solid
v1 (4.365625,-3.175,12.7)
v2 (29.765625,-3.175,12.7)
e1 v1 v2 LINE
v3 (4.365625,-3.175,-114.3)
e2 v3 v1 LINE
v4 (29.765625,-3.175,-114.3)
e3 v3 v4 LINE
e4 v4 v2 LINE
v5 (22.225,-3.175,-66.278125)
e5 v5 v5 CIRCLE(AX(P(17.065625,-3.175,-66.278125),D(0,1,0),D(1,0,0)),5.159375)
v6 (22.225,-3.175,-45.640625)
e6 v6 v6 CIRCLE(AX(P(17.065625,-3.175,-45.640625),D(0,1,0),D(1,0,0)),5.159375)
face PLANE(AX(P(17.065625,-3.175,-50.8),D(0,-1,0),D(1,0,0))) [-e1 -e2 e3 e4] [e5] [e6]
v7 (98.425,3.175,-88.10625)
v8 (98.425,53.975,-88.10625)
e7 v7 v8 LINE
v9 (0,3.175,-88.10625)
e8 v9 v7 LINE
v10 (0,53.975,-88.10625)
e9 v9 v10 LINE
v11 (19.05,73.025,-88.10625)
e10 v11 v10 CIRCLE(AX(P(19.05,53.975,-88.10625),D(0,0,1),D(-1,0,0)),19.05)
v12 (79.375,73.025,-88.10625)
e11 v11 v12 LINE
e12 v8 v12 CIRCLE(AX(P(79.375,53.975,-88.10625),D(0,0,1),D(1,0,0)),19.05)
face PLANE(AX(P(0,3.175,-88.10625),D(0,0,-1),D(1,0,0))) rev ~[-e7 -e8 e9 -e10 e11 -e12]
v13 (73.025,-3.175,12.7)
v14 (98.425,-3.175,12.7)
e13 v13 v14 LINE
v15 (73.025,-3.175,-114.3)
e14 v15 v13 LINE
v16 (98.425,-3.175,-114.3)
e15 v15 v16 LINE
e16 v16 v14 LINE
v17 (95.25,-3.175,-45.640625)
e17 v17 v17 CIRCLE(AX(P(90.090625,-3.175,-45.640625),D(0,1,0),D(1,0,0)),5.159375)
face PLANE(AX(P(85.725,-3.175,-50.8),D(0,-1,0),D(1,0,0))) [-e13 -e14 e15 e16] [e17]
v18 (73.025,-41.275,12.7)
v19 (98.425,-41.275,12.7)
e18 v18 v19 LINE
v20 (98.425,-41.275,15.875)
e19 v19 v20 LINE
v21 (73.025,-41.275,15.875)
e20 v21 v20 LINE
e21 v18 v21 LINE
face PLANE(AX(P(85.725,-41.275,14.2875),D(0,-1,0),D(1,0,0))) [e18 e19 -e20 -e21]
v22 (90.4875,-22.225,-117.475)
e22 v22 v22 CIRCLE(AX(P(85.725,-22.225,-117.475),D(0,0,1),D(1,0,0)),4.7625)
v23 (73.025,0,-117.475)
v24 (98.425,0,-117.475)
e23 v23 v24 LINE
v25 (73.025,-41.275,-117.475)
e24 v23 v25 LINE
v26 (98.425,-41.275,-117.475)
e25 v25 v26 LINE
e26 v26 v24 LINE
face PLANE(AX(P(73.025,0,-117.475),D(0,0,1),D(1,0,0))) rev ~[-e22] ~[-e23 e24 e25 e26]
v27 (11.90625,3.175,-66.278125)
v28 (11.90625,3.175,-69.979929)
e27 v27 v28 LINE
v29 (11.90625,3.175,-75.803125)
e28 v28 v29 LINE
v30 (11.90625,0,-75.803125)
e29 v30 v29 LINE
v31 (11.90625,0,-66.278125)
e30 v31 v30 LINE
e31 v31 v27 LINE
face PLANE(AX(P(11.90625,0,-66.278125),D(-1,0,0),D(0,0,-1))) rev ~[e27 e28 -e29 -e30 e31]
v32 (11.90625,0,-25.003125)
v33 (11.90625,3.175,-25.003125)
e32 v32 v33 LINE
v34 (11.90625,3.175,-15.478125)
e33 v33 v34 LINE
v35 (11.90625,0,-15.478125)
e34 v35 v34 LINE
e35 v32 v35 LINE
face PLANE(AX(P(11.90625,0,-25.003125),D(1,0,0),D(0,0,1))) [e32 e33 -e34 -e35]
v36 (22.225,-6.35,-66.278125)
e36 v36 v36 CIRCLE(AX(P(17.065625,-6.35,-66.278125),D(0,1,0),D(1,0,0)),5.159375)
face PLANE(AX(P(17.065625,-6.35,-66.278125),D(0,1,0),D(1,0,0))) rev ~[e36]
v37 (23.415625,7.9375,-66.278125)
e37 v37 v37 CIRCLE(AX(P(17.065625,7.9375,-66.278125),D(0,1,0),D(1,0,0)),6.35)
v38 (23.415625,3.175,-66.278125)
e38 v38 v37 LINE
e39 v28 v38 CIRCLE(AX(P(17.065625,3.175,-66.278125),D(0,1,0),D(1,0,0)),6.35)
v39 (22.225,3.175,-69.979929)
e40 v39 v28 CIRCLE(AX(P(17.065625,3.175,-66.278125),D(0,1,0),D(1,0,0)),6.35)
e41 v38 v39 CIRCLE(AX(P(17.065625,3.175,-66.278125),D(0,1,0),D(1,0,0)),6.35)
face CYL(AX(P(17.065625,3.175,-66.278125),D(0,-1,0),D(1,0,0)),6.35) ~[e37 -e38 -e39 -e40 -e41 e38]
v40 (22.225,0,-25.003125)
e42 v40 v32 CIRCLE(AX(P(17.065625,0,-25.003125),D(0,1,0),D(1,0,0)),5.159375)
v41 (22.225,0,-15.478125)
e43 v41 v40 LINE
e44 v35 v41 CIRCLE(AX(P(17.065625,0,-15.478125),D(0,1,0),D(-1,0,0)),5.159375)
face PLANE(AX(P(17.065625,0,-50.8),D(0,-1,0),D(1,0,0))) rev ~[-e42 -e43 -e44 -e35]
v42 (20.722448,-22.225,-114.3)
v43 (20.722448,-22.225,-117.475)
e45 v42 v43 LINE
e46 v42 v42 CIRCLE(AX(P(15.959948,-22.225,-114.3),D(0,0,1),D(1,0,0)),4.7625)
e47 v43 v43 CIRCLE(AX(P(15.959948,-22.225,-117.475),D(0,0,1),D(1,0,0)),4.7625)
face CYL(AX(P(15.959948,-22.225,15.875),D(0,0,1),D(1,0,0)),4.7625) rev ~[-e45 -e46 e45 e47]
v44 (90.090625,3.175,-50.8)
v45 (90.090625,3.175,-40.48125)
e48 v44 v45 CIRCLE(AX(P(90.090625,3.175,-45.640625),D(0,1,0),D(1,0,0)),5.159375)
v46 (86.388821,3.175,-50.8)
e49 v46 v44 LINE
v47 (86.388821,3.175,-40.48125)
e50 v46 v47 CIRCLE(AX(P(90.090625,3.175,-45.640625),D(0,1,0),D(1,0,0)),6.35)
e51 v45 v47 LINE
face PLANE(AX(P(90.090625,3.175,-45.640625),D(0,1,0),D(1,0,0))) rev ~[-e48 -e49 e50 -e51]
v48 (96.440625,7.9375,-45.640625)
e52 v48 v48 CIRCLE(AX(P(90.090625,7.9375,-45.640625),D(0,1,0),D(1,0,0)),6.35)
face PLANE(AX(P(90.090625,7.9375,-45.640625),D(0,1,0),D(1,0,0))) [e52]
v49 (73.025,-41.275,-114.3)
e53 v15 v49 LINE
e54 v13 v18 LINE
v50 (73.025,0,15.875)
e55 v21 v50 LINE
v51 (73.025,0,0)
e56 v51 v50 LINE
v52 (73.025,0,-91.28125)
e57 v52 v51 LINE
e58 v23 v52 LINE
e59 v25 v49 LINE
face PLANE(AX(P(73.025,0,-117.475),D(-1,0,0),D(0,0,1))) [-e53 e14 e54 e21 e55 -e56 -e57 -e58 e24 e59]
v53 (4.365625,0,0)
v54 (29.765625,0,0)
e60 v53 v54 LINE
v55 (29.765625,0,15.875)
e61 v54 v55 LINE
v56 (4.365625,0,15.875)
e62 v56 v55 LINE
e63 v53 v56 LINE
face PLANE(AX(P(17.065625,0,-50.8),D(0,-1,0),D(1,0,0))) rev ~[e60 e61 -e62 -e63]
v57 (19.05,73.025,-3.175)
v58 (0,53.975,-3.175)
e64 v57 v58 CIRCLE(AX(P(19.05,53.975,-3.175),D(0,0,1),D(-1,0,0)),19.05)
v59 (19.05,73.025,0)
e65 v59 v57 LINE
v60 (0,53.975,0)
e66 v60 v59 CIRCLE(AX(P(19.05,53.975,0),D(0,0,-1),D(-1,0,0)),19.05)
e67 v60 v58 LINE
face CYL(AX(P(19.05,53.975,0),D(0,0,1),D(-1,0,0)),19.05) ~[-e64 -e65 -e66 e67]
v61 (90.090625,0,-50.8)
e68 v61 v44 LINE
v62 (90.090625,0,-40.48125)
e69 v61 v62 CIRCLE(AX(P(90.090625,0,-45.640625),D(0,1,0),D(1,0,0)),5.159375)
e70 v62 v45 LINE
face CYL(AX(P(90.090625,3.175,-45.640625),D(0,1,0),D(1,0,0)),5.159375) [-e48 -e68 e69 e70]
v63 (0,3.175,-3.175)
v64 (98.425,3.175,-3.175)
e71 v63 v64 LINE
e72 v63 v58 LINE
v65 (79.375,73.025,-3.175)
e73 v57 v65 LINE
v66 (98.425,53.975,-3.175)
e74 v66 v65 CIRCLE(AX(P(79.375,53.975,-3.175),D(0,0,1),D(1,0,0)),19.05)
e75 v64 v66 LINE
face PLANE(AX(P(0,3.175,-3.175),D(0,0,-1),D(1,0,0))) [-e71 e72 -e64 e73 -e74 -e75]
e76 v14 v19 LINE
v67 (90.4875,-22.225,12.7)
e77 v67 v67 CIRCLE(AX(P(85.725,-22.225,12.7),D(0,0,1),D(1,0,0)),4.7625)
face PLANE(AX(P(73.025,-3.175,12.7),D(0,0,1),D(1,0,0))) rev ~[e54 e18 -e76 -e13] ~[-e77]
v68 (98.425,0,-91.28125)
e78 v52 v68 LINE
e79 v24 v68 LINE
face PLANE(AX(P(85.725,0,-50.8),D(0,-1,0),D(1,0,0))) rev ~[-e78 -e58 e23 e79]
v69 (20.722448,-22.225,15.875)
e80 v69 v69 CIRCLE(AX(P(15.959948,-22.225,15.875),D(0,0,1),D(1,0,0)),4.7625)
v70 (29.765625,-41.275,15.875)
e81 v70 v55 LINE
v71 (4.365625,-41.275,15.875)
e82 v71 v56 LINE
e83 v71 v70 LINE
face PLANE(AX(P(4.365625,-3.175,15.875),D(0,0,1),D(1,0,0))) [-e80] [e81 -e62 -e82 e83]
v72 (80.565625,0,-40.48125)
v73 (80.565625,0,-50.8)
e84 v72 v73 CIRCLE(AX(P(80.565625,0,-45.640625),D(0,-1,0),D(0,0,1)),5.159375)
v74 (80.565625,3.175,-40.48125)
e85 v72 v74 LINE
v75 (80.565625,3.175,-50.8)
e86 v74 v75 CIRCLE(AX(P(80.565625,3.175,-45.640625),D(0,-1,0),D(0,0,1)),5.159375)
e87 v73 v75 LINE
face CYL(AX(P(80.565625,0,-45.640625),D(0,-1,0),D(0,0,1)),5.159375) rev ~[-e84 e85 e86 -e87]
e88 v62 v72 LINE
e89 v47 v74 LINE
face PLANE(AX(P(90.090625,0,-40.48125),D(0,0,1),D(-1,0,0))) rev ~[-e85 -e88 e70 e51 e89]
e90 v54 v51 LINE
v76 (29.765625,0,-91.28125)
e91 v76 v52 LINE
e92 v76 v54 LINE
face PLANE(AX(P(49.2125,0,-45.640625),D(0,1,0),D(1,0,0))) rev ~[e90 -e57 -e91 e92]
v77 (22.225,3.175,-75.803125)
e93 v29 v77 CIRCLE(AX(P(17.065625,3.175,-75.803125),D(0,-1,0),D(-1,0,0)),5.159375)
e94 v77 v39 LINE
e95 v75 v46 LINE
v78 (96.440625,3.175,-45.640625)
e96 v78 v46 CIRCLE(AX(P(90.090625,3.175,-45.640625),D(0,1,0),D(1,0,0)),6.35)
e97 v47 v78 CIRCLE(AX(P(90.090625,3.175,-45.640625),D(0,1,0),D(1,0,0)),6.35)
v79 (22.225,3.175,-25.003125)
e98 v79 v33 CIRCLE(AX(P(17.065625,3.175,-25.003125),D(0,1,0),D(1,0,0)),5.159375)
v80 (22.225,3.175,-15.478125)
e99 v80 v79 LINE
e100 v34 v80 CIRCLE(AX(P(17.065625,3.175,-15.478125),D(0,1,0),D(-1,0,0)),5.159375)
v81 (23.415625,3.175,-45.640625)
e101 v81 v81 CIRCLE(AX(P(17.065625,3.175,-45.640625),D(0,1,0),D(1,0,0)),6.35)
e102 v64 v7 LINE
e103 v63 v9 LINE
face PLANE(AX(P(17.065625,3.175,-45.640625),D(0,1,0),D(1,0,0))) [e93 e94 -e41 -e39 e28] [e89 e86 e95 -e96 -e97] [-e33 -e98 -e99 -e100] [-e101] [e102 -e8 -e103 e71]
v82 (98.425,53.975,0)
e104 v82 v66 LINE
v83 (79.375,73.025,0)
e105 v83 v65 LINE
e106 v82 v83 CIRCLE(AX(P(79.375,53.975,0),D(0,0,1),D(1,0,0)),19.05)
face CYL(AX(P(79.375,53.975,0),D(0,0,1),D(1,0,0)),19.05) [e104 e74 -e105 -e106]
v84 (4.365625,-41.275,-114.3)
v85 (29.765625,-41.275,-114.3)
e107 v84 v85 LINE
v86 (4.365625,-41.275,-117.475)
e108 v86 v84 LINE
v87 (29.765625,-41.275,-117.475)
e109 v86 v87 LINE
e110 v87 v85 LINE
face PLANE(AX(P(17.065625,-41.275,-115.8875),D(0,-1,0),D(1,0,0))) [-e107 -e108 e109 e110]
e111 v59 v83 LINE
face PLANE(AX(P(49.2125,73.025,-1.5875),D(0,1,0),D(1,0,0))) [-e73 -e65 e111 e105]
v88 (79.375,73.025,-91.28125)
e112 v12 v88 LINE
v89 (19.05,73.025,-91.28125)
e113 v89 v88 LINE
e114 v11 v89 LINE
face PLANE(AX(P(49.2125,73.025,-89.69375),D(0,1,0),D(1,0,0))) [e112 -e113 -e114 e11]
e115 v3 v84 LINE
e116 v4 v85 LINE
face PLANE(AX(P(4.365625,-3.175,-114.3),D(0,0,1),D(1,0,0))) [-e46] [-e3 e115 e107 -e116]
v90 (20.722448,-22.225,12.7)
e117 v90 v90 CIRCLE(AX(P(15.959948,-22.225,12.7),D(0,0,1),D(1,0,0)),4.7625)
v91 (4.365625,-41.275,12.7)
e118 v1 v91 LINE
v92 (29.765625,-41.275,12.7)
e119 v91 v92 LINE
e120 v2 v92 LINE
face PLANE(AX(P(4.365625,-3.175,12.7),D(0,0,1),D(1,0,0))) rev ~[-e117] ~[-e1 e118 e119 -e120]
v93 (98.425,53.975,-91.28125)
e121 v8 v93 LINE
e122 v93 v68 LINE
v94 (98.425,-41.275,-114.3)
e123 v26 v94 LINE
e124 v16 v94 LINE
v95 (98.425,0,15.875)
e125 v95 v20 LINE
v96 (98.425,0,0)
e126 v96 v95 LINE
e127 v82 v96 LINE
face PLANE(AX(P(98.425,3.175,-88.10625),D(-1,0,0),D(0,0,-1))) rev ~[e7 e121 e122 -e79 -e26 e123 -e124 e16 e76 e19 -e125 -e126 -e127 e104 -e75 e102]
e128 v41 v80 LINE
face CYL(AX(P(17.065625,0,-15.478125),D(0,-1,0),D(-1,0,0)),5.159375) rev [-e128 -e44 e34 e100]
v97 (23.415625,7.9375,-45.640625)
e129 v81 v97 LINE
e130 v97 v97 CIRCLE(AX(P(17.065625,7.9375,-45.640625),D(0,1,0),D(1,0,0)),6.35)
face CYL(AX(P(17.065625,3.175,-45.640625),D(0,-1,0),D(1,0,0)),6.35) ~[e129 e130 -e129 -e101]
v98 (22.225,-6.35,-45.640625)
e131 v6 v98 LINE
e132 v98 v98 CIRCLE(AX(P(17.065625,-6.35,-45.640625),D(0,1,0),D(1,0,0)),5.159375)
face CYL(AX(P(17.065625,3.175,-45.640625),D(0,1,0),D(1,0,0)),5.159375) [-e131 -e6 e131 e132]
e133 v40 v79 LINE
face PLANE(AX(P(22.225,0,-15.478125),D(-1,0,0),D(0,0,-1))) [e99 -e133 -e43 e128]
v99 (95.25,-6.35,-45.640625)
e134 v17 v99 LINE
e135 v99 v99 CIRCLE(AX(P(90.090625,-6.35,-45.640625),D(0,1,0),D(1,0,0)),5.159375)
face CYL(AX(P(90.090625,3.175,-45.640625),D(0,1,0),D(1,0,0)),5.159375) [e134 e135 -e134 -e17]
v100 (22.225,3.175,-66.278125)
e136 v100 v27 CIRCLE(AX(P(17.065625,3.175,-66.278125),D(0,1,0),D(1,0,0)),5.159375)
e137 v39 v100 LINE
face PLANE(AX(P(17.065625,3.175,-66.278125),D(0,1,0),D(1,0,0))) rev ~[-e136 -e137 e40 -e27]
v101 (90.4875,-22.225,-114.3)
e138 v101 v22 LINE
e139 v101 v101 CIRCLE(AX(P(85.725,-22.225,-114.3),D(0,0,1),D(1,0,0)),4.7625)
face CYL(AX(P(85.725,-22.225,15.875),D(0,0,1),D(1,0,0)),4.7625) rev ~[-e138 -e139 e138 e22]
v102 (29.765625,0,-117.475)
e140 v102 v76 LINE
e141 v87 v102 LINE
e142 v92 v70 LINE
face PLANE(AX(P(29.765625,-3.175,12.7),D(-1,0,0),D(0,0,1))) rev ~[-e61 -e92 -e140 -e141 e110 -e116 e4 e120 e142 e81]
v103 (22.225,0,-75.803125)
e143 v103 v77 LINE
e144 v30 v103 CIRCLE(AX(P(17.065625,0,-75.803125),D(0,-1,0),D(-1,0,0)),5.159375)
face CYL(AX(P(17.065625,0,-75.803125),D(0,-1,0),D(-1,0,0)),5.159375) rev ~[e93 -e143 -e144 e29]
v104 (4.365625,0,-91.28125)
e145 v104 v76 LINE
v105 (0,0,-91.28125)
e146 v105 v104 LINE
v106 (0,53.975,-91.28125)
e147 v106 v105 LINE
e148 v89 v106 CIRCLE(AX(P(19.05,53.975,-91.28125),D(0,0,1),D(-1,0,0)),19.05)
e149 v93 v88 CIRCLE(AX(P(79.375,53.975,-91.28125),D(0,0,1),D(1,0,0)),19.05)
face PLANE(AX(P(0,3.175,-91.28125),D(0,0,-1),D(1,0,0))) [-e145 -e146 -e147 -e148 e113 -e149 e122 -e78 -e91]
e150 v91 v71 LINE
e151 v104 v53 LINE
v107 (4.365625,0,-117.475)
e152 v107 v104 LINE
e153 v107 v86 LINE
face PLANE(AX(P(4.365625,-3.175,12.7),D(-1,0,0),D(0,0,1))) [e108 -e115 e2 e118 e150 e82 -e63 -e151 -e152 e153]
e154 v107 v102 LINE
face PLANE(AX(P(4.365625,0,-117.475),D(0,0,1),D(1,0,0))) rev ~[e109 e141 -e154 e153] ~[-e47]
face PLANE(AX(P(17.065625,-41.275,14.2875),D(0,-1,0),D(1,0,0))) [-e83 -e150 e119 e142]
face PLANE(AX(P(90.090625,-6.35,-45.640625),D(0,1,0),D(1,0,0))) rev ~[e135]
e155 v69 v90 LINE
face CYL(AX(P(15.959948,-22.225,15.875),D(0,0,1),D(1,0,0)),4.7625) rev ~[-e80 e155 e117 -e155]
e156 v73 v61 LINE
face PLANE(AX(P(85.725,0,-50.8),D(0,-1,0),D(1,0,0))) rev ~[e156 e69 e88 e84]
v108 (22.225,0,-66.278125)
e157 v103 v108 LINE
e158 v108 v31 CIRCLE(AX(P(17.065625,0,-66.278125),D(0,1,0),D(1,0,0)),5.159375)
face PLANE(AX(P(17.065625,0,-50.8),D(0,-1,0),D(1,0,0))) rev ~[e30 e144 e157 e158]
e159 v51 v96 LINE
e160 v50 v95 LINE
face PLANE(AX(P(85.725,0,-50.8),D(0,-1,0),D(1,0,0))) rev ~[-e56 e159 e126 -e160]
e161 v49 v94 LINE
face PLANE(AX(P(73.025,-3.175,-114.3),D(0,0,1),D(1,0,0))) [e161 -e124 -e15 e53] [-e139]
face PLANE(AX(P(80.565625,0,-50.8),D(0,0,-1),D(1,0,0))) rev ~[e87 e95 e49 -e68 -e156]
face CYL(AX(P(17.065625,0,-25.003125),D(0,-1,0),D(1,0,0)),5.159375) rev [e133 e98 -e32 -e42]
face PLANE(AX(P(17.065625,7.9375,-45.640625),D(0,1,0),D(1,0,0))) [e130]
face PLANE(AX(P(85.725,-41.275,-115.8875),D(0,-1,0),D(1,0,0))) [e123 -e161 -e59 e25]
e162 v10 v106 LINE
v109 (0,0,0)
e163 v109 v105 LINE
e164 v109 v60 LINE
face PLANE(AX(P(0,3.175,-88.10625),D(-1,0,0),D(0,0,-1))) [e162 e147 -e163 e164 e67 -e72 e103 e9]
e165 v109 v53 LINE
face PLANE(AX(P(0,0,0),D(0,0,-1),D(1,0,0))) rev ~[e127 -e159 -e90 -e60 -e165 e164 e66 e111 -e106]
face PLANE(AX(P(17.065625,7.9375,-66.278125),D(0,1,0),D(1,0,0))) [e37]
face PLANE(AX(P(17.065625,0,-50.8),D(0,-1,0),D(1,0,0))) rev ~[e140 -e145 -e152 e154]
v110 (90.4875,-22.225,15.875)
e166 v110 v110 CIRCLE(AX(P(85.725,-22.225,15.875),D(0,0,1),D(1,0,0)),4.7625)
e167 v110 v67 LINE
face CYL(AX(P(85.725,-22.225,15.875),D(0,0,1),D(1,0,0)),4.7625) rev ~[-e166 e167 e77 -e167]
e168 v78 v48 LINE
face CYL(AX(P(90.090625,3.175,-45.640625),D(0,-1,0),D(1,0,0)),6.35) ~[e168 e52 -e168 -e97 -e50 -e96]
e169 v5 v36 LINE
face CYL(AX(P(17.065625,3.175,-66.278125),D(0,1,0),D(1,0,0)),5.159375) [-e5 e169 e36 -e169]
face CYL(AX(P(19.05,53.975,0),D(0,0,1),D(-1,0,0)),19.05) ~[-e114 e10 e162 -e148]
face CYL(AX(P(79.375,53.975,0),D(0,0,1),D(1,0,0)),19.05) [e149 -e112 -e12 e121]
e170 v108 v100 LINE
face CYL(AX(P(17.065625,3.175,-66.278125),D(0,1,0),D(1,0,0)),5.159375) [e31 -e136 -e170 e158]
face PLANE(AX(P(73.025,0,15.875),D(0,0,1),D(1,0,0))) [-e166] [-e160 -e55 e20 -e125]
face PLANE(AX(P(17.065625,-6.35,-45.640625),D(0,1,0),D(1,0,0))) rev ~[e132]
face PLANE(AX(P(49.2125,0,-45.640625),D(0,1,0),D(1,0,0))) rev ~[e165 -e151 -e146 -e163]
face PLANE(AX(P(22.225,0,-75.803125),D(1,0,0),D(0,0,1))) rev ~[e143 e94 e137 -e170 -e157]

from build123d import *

# Parameters (mm, degrees)
SKETCH1_W               = 98.425
SKETCH1_H               = 91.28125
SKETCH1_R               = 5.159375
BOSS_EXTRUDE1_DEPTH     = 3.175
SKETCH2_W               = 25.4
SKETCH2_H               = 133.35
BOSS_EXTRUDE3_DEPTH     = 3.175
SKETCH3_W               = 25.4
SKETCH3_H               = 3.175
BOSS_EXTRUDE4_DEPTH     = 38.1
SKETCH4_R               = 4.7625
CUT_EXTRUDE1_DEPTH      = 134.35
SKETCH5_R               = 5.159375
BOSS_EXTRUDE5_DEPTH     = 9.525
SKETCH6_R               = 6.35
BOSS_EXTRUDE6_DEPTH     = 4.7625
SKETCH7_W               = 98.425
SKETCH7_H               = 3.175
BOSS_EXTRUDE7_DEPTH     = 69.85
CUT_EXTRUDE2_DEPTH      = 16.875
CUT_EXTRUDE2_DEPTH_BACK = 118.475


with BuildPart() as part:
    # Sketch1 → Boss-Extrude1 (new body)
    with BuildSketch(Plane(origin=(0, 0, 0), x_dir=(1, 0, 0), z_dir=(0, 1, 0))):
        with Locations((49.2125, 45.640625)):
            Rectangle(SKETCH1_W, SKETCH1_H)
        with Locations((17.065625, 45.640625)):
            Circle(SKETCH1_R, mode=Mode.SUBTRACT)
        with BuildLine():
            Line((11.90625, 66.278125), (11.90625, 75.803125))
            ThreePointArc((11.90625, 75.803125), (17.065625, 80.9625), (22.225, 75.803125))
            Line((22.225, 75.803125), (22.225, 66.278125))
            ThreePointArc((22.225, 66.278125), (17.065625, 61.11875), (11.90625, 66.278125))
        make_face(mode=Mode.SUBTRACT)
        with BuildLine():
            Line((11.90625, 25.003125), (11.90625, 15.478125))
            ThreePointArc((11.90625, 15.478125), (17.065625, 10.31875), (22.225, 15.478125))
            Line((22.225, 15.478125), (22.225, 25.003125))
            ThreePointArc((22.225, 25.003125), (17.065625, 30.1625), (11.90625, 25.003125))
        make_face(mode=Mode.SUBTRACT)
        with BuildLine():
            Line((80.565625, 50.8), (90.090625, 50.8))
            ThreePointArc((90.090625, 50.8), (95.25, 45.640625), (90.090625, 40.48125))
            Line((90.090625, 40.48125), (80.565625, 40.48125))
            ThreePointArc((80.565625, 40.48125), (75.40625, 45.640625), (80.565625, 50.8))
        make_face(mode=Mode.SUBTRACT)
    extrude(amount=BOSS_EXTRUDE1_DEPTH)

    # Sketch2 → Boss-Extrude3 (add)
    with BuildSketch(Plane.XZ):
        with Locations((17.065625, -50.8)):
            Rectangle(SKETCH2_W, SKETCH2_H)
        with Locations((85.725, -50.8)):
            Rectangle(SKETCH2_W, SKETCH2_H)
    extrude(amount=BOSS_EXTRUDE3_DEPTH)

    # Sketch3 → Boss-Extrude4 (add)
    with BuildSketch(Plane.XZ.offset(3.175)):
        with Locations((17.065625, 14.2875)):
            Rectangle(SKETCH3_W, SKETCH3_H)
        with Locations((17.065625, -115.8875)):
            Rectangle(SKETCH3_W, SKETCH3_H)
        with Locations((85.725, 14.2875)):
            Rectangle(SKETCH3_W, SKETCH3_H)
        with Locations((85.725, -115.8875)):
            Rectangle(SKETCH3_W, SKETCH3_H)
    extrude(amount=BOSS_EXTRUDE4_DEPTH)

    # Sketch4 → Cut-Extrude1 (cut, through all)
    with BuildSketch(Plane.XY.offset(15.875)):
        with Locations((15.95994836, -22.225)):
            Circle(SKETCH4_R)
        with Locations((85.725, -22.225)):
            Circle(SKETCH4_R)
    extrude(amount=-CUT_EXTRUDE1_DEPTH, mode=Mode.SUBTRACT)

    # Sketch5 → Boss-Extrude5 (add)
    with BuildSketch(Plane(origin=(0, 3.175, 0), x_dir=(1, 0, 0), z_dir=(0, 1, 0))):
        with Locations((17.065625, 45.640625)):
            Circle(SKETCH5_R)
        with Locations((17.065625, 66.278125)):
            Circle(SKETCH5_R)
        with Locations((90.090625, 45.640625)):
            Circle(SKETCH5_R)
    extrude(amount=-BOSS_EXTRUDE5_DEPTH)

    # Sketch6 → Boss-Extrude6 (add)
    with BuildSketch(Plane(origin=(0, 3.175, 0), x_dir=(1, 0, 0), z_dir=(0, 1, 0))):
        with Locations((90.090625, 45.640625)):
            Circle(SKETCH6_R)
        with Locations((17.065625, 45.640625)):
            Circle(SKETCH6_R)
        with Locations((17.065625, 66.278125)):
            Circle(SKETCH6_R)
    extrude(amount=BOSS_EXTRUDE6_DEPTH)

    # Sketch7 → Boss-Extrude7 (add)
    with BuildSketch(Plane(origin=(0, 3.175, 0), x_dir=(1, 0, 0), z_dir=(0, 1, 0))):
        with Locations((49.2125, 89.69375)):
            Rectangle(SKETCH7_W, SKETCH7_H)
        with Locations((49.2125, 1.5875)):
            Rectangle(SKETCH7_W, SKETCH7_H)
    extrude(amount=BOSS_EXTRUDE7_DEPTH)

    # Sketch8 → Cut-Extrude2 (cut, two sides)
    with BuildSketch(Plane.XY) as cut_extrude2_sk:
        with BuildLine():
            Line((79.375, 73.025), (98.425, 73.025))
            Line((98.425, 73.025), (98.425, 53.975))
            ThreePointArc((98.425, 53.975), (92.845384182, 67.445384182), (79.375, 73.025))
        make_face()
        with BuildLine():
            Line((19.05, 73.025), (0, 73.025))
            Line((0, 73.025), (0, 53.975))
            ThreePointArc((0, 53.975), (5.579615818, 67.445384182), (19.05, 73.025))
        make_face()
    extrude(amount=CUT_EXTRUDE2_DEPTH, mode=Mode.SUBTRACT)
    extrude(cut_extrude2_sk.sketch, amount=-CUT_EXTRUDE2_DEPTH_BACK, mode=Mode.SUBTRACT)


solid = part.part
